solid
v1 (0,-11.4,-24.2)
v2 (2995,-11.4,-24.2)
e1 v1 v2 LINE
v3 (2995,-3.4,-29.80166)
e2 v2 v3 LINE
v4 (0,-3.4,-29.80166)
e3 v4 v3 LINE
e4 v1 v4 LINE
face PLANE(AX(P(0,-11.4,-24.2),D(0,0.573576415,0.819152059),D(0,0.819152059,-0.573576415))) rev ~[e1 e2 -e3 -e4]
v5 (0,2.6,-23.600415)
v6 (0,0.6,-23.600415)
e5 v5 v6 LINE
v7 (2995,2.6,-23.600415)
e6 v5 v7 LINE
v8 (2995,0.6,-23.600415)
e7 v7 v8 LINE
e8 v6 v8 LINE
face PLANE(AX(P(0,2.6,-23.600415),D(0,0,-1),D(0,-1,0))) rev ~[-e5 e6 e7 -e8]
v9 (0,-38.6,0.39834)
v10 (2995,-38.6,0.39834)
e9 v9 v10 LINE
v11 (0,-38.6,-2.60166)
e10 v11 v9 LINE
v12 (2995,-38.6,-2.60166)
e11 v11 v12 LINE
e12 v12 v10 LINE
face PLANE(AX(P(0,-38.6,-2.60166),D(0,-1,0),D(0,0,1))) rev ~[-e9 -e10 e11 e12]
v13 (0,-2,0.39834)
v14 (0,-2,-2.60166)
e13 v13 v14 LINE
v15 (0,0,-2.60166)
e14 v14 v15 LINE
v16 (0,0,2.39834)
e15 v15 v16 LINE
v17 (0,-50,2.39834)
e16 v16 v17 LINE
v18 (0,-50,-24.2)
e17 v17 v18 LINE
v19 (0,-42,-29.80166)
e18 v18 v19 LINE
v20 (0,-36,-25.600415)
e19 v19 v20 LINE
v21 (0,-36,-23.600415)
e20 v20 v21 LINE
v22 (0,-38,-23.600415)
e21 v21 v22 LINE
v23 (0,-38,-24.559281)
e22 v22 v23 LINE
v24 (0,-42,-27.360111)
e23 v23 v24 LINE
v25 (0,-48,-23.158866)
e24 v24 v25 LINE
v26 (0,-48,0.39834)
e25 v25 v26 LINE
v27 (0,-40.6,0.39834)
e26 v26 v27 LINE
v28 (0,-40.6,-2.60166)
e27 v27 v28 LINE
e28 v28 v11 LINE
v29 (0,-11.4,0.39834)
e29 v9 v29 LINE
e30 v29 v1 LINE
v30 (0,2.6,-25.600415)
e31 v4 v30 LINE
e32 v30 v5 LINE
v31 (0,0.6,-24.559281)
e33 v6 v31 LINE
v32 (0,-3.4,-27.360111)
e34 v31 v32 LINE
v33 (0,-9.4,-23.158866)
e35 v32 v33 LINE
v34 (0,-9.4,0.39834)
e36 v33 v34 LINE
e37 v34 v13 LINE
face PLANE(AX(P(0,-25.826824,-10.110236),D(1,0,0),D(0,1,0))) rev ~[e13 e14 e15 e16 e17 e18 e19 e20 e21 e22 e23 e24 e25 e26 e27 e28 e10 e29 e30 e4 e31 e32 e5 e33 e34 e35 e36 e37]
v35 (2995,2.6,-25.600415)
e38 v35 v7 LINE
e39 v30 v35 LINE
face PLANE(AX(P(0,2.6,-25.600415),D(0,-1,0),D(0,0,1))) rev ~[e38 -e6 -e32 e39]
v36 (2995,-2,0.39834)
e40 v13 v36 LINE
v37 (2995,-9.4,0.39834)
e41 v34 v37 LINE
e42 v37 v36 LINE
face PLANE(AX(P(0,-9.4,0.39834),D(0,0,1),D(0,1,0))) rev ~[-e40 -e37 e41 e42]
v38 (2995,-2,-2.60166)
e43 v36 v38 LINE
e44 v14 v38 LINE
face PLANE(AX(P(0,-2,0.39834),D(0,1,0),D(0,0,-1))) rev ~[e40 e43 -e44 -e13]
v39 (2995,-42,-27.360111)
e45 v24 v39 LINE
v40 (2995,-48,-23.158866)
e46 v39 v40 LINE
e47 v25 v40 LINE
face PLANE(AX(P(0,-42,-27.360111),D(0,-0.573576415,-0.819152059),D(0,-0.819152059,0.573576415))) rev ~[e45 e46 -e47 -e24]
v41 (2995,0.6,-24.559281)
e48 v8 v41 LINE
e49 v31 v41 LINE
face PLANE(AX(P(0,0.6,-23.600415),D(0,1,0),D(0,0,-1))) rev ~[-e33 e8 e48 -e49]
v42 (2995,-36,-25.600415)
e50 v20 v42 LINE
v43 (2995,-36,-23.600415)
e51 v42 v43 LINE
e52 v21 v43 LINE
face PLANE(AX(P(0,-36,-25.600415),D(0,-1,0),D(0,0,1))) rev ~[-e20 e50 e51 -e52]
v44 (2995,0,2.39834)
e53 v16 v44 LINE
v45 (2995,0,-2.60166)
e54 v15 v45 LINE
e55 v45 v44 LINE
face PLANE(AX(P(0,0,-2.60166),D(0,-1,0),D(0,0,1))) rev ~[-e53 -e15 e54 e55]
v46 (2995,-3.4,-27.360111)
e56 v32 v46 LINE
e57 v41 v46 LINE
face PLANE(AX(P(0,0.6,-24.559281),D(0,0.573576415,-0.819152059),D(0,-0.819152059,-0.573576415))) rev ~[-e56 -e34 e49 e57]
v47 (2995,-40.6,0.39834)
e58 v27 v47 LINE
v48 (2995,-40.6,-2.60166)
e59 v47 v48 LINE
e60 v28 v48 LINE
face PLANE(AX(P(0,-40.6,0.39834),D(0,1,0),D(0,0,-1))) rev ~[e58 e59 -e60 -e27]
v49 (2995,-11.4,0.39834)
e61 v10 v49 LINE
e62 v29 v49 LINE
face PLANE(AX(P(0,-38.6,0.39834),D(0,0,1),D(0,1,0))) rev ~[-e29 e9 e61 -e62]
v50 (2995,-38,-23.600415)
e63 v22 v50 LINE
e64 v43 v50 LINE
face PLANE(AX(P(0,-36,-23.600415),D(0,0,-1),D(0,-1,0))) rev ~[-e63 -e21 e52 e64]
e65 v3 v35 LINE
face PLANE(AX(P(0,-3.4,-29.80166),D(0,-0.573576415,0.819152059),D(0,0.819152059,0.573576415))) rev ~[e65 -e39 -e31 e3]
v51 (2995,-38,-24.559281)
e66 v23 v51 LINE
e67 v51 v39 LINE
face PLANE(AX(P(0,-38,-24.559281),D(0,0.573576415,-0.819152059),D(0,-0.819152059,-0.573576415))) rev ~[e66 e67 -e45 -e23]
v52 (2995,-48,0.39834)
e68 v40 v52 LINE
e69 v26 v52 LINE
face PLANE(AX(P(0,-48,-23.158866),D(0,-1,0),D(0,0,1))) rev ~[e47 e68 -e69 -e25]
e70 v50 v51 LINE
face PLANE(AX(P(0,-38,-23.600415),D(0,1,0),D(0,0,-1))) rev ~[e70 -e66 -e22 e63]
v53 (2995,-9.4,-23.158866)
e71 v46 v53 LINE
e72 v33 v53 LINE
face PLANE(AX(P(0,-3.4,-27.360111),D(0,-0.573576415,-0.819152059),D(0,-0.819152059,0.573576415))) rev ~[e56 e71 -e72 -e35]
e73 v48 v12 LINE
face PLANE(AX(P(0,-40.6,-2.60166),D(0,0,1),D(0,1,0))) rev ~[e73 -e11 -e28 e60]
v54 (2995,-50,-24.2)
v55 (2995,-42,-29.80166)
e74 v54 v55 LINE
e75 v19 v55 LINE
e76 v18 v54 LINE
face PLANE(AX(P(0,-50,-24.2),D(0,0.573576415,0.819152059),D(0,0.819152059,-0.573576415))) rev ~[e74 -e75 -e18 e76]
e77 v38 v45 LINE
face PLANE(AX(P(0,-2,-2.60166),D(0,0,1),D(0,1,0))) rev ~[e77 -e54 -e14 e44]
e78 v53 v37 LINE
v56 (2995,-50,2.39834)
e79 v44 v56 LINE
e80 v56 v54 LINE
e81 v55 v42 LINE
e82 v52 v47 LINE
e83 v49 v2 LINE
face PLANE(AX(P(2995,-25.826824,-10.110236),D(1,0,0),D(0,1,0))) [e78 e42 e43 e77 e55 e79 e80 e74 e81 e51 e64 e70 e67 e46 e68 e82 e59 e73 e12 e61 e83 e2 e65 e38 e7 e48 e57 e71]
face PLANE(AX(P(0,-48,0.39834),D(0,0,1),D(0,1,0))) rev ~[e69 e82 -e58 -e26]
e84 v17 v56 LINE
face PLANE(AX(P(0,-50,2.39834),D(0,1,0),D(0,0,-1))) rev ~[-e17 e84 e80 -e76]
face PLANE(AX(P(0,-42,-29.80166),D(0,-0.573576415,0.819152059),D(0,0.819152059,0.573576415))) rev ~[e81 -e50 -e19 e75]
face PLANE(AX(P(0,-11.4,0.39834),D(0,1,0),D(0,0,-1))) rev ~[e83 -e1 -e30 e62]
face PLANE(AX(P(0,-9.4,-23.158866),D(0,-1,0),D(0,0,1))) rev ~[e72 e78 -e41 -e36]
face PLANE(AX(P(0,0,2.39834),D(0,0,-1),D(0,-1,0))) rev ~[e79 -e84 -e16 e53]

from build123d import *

# Parameters (mm, degrees)
F1_DEPTH = 2995


with BuildPart() as f1:
    # F0 (on Right) → F1 (new body)
    with BuildSketch(Plane.YZ):
        Polygon((-36, -25.600415), (-36, -23.600415), (-38, -23.600415), (-38, -24.559281), (-42, -27.360111), (-48, -23.158866), (-48, 0.39834), (-40.6, 0.39834), (-40.6, -2.60166), (-38.6, -2.60166), (-38.6, 0.39834), (-11.4, 0.39834), (-11.4, -24.2), (-3.4, -29.80166), (2.6, -25.600415), (2.6, -23.600415), (0.6, -23.600415), (0.6, -24.559281), (-3.4, -27.360111), (-9.4, -23.158866), (-9.4, 0.39834), (-2, 0.39834), (-2, -2.60166), (0, -2.60166), (0, 2.39834), (-50, 2.39834), (-50, -24.2), (-42, -29.80166), align=None)
    extrude(amount=F1_DEPTH)


solid = f1.part
